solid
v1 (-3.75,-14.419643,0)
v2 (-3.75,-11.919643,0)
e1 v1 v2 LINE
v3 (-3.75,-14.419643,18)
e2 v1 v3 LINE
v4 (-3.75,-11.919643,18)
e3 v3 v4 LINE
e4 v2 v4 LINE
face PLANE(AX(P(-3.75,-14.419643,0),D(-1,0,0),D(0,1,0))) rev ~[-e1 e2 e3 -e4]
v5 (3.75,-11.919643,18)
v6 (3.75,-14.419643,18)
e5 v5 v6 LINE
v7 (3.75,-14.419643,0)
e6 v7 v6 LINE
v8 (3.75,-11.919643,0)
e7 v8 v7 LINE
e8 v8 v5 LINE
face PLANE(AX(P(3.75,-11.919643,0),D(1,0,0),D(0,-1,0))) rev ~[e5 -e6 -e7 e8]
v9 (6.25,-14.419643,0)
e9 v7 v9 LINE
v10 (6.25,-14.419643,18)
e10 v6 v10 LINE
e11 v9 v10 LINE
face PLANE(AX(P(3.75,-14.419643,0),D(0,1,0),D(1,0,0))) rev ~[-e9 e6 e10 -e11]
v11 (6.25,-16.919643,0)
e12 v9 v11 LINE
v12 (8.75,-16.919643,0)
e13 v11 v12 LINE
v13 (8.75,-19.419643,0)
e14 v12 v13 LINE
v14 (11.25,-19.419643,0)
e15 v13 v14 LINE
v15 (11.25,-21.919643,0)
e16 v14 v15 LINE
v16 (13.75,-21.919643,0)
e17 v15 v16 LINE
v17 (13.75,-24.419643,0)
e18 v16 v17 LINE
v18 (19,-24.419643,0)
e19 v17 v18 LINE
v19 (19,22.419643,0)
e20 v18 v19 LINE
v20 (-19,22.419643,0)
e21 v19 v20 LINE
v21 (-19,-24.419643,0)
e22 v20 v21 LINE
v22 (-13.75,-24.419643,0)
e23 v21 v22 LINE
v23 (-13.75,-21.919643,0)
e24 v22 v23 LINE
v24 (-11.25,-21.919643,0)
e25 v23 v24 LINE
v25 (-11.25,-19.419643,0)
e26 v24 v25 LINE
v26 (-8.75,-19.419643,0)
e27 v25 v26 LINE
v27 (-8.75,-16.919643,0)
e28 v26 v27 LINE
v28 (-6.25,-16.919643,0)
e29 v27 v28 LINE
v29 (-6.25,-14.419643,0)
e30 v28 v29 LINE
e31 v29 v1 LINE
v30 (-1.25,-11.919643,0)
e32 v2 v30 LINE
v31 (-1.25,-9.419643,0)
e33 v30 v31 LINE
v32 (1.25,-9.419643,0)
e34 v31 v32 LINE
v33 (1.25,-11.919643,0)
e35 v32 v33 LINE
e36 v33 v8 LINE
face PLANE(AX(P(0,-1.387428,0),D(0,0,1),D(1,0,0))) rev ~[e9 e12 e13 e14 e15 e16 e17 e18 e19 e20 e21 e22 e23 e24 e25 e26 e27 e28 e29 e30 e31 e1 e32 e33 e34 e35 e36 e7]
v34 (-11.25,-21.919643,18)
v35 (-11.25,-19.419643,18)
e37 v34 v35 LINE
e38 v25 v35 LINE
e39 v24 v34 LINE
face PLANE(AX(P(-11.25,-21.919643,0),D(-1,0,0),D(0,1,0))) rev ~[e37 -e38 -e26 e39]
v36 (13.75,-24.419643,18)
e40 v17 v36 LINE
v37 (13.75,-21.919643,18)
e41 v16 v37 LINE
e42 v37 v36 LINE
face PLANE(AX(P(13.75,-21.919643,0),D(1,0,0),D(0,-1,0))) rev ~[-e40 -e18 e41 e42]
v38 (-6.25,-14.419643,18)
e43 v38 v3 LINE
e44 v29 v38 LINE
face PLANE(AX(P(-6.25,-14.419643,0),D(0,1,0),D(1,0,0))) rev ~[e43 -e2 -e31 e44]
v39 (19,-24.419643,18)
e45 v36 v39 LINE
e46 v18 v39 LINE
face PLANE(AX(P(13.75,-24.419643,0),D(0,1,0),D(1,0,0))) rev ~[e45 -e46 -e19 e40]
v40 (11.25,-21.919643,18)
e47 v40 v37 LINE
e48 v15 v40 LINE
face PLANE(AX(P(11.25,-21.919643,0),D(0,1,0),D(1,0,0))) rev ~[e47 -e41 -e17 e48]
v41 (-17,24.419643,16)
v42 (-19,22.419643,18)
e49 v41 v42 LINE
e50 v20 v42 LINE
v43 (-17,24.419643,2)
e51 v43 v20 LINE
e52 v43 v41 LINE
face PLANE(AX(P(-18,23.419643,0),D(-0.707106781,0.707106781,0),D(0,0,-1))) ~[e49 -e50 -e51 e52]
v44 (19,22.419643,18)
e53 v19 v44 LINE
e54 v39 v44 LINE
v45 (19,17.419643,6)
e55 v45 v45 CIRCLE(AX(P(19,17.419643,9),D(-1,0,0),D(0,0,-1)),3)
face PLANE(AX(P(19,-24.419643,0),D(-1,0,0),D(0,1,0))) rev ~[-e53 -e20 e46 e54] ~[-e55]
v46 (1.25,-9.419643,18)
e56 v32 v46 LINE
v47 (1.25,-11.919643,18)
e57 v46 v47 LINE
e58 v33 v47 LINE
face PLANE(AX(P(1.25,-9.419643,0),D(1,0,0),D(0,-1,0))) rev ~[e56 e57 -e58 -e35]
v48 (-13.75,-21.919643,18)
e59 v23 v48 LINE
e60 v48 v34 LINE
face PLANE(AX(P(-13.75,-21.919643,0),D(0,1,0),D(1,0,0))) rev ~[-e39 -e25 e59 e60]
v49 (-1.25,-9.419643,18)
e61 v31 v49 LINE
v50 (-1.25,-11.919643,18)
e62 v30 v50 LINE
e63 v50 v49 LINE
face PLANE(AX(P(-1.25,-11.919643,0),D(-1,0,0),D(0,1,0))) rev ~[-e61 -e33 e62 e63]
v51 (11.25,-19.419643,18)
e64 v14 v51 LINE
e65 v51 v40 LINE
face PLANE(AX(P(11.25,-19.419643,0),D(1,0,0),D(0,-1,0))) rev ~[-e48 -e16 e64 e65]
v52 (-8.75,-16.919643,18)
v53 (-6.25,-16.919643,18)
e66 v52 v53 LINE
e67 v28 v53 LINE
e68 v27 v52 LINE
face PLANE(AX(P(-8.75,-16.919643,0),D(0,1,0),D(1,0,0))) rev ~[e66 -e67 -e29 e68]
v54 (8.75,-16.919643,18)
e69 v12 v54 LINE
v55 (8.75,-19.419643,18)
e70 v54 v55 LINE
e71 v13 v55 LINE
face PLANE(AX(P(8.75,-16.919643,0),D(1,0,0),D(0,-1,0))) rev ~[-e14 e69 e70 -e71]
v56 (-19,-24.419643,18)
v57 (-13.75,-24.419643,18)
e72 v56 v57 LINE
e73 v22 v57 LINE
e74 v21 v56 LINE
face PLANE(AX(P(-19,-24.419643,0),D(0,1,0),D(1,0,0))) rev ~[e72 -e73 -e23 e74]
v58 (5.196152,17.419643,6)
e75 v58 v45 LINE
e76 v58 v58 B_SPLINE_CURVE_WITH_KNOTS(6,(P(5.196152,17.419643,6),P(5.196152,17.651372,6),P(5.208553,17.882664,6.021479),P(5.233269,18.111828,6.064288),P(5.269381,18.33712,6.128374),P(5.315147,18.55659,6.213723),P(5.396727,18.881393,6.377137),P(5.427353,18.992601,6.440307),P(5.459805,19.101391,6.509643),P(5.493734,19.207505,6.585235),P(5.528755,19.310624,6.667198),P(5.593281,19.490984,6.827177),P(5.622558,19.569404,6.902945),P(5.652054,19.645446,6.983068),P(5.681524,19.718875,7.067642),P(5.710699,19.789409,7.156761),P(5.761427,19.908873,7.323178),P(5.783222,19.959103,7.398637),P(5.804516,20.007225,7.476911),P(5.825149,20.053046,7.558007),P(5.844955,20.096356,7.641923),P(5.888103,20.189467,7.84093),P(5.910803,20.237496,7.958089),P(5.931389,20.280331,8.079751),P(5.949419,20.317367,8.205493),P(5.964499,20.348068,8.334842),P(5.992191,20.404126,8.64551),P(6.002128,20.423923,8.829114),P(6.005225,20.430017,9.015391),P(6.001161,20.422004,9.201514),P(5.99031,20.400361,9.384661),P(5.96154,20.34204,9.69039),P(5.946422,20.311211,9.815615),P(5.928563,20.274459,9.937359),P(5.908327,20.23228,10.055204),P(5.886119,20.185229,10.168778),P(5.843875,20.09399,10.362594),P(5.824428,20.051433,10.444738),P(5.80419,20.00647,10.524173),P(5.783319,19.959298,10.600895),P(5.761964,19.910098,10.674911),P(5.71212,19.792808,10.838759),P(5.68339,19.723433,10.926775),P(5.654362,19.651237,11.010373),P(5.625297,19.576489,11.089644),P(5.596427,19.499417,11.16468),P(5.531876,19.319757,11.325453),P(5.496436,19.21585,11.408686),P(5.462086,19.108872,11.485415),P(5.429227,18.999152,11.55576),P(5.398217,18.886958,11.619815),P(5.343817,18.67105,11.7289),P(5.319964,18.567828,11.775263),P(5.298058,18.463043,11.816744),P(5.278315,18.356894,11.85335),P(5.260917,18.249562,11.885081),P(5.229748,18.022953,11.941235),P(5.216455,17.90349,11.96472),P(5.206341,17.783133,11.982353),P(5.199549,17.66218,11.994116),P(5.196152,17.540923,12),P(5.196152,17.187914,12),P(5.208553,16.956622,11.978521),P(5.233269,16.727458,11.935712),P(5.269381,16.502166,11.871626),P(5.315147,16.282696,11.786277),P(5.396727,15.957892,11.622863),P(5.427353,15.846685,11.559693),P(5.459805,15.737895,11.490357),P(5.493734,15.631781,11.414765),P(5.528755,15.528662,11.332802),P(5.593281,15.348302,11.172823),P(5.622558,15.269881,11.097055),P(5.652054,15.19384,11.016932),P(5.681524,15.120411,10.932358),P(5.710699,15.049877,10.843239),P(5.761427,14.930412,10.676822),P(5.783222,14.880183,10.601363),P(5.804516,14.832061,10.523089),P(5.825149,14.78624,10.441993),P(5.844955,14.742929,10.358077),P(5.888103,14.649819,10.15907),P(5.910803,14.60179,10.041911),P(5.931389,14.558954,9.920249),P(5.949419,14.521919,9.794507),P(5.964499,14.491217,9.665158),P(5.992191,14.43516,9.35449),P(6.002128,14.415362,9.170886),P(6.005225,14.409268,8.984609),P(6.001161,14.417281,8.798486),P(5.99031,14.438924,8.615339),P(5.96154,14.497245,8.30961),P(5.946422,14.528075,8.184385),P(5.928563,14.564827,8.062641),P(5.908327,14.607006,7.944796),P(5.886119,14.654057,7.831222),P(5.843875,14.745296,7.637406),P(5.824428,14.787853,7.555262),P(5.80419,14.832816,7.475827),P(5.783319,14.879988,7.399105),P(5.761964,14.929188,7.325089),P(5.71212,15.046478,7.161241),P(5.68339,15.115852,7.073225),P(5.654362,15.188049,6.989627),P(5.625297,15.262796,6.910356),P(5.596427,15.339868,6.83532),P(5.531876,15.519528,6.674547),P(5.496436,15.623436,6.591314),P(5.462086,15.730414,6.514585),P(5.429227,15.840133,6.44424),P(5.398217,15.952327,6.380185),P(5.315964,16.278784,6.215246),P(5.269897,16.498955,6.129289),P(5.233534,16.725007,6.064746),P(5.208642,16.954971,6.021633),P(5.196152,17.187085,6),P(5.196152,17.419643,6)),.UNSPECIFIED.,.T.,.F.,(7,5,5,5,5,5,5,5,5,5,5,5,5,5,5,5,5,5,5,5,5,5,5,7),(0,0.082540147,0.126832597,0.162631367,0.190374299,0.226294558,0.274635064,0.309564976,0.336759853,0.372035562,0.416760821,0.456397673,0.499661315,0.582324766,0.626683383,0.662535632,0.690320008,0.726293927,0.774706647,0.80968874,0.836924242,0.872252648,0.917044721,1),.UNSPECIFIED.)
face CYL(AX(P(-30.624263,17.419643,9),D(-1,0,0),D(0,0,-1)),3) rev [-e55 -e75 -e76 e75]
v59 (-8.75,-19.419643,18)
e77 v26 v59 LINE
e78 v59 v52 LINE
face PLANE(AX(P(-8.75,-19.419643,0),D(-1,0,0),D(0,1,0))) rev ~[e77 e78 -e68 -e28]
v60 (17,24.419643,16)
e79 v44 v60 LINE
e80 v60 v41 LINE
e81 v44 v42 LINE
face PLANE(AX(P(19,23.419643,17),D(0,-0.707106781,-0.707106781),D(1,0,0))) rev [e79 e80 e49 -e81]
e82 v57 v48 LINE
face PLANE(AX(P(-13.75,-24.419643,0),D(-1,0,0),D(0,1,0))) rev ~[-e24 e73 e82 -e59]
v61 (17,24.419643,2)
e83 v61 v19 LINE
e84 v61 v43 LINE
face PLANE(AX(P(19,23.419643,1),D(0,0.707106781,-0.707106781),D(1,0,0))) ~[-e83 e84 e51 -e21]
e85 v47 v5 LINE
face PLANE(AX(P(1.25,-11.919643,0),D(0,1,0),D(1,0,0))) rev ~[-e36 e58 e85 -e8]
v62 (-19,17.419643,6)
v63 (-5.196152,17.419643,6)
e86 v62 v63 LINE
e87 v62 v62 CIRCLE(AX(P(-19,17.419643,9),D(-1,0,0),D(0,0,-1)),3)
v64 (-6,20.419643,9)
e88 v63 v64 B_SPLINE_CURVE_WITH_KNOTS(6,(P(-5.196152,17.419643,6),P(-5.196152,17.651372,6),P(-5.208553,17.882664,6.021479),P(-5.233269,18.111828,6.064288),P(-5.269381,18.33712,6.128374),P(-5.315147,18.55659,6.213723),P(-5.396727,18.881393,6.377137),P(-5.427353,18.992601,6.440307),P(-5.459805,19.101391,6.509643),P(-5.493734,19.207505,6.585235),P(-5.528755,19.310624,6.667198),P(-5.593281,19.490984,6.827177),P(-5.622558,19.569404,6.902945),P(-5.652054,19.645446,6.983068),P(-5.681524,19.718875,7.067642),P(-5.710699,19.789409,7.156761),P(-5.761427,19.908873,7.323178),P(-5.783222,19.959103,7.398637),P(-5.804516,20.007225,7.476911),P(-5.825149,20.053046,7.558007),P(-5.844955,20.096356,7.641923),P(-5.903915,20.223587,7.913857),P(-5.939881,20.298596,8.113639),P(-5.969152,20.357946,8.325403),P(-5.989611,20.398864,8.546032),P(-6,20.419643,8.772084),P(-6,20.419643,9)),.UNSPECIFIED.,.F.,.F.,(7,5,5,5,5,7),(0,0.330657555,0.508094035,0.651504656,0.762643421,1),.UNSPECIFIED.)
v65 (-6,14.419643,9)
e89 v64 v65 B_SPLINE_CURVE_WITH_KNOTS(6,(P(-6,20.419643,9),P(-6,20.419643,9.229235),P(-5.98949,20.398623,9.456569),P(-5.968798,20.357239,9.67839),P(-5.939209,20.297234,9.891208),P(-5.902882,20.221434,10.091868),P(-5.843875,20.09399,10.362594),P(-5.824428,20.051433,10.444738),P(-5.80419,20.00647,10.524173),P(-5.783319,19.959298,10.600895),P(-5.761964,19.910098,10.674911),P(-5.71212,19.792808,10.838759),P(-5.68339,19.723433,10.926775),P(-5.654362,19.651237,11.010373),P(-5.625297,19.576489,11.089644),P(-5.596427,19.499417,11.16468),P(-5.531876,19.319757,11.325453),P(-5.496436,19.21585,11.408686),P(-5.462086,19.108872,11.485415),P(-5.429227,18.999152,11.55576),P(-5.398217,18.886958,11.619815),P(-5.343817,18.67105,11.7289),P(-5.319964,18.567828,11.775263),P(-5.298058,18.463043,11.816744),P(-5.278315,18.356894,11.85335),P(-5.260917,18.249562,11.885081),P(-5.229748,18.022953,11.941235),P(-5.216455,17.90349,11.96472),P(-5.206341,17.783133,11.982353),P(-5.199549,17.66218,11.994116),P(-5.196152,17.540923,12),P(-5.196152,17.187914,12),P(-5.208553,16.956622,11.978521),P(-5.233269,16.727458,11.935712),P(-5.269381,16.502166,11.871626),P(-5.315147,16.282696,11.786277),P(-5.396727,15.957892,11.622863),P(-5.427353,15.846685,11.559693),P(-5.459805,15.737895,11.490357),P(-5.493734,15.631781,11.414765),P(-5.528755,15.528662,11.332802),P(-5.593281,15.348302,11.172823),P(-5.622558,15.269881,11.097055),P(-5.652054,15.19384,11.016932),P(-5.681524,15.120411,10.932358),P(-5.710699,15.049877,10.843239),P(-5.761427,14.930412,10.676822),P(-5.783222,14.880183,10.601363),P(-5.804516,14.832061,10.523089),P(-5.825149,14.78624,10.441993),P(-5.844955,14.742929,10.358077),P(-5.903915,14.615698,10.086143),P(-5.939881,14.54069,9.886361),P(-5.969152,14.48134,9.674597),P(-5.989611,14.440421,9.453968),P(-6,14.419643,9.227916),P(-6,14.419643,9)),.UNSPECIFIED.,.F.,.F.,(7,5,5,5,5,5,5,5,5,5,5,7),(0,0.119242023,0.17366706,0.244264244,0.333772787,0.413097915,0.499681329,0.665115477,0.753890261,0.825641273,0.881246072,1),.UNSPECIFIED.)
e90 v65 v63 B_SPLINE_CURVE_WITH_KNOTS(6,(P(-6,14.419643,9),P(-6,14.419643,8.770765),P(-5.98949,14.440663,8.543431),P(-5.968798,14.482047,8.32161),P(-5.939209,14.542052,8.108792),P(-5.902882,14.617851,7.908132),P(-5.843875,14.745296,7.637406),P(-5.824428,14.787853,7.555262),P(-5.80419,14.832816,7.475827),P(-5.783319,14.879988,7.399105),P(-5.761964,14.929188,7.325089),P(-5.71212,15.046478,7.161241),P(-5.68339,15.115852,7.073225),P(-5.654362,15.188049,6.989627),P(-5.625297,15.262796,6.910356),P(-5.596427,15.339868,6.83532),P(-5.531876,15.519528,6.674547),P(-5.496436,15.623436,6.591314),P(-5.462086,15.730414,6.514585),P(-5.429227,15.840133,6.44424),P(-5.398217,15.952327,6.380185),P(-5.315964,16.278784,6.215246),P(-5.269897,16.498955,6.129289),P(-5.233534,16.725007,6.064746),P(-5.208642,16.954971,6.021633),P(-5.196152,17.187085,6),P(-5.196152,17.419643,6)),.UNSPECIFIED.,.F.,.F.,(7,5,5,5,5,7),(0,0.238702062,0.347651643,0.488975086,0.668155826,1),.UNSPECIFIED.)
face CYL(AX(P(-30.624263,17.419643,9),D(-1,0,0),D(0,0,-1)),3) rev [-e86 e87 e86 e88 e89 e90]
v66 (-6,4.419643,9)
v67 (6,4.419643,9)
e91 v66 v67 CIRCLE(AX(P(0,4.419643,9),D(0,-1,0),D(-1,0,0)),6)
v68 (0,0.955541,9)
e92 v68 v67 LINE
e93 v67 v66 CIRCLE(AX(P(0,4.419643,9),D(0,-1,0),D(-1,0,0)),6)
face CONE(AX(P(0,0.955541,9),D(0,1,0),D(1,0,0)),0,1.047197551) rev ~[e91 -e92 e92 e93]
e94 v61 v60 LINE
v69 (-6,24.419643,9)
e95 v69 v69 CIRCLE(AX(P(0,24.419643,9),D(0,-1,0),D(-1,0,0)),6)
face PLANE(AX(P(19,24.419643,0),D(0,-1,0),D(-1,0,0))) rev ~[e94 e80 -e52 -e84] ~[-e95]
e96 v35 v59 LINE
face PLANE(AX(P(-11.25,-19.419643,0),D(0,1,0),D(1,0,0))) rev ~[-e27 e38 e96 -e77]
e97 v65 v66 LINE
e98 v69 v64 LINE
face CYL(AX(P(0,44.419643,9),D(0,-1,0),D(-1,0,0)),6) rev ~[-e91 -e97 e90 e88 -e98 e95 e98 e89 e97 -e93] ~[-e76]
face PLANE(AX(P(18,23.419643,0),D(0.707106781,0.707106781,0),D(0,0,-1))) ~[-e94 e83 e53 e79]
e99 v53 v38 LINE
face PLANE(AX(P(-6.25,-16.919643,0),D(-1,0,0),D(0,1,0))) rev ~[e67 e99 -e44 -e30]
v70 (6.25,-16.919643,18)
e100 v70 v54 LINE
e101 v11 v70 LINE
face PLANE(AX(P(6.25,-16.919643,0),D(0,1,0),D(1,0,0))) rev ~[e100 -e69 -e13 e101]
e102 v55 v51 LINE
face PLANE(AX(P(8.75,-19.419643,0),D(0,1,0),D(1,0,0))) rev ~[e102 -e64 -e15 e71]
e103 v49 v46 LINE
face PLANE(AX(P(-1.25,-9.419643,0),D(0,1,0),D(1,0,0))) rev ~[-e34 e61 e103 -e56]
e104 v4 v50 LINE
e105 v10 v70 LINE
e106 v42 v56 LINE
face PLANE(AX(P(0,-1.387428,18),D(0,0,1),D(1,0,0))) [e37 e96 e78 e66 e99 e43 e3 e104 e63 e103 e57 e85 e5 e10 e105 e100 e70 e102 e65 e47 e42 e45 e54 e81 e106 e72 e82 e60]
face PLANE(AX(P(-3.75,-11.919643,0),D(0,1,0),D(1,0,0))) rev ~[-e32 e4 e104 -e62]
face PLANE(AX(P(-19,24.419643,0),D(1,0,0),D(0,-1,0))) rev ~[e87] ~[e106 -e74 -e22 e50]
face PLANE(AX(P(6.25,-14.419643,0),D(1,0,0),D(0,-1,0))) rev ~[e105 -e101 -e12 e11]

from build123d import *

# Parameters (mm, degrees)
BOSS_EXTRUDE1_DEPTH       = 18
CHAMFER1_SIZE             = 2
CUT_EXTRUDE1_DEPTH        = 49.624263051
CUT_EXTRUDE1_DEPTH_BACK   = 49.624263051
SKETCH3_R                 = 3
F_1_0MM_DOWEL_HOLE1_D     = 12
F_1_0MM_DOWEL_HOLE1_DEPTH = 20
F_1_0MM_DOWEL_HOLE1_TIP   = 3.464101615


with BuildPart() as part:
    # Sketch1 → Boss-Extrude1 (new body)
    with BuildSketch(Plane.XY):
        Polygon((-13.75, -24.419642857), (-13.75, -21.919642857), (-11.25, -21.919642857), (-11.25, -19.419642857), (-8.75, -19.419642857), (-8.75, -16.919642857), (-6.25, -16.919642857), (-6.25, -14.419642857), (-3.75, -14.419642857), (-3.75, -11.919642857), (-1.25, -11.919642857), (-1.25, -9.419642857), (1.25, -9.419642857), (1.25, -11.919642857), (3.75, -11.919642857), (3.75, -14.419642857), (6.25, -14.419642857), (6.25, -16.919642857), (8.75, -16.919642857), (8.75, -19.419642857), (11.25, -19.419642857), (11.25, -21.919642857), (13.75, -21.919642857), (13.75, -24.419642857), (19, -24.419642857), (19, 24.419642857), (-19, 24.419642857), (-19, -24.419642857), align=None)
    extrude(amount=BOSS_EXTRUDE1_DEPTH)

    # Chamfer1
    chamfer1_edges = [part.edges().sort_by_distance(p)[0] for p in [
        (0, 24.419642857, 0),
        (-19, 24.419642857, 9),
        (19, 24.419642857, 9),
        (0, 24.419642857, 18),
    ]]
    chamfer(chamfer1_edges, length=CHAMFER1_SIZE)

    # Sketch3 → Cut-Extrude1 (cut, two sides: drawn at the far end of the back side and taken through both)
    with BuildSketch(Plane(origin=(19, 0, 0), x_dir=(0, 0, -1), z_dir=(1, 0, 0)).offset(-CUT_EXTRUDE1_DEPTH_BACK)):
        with Locations((-9, 17.419642857)):
            Circle(SKETCH3_R)
    extrude(amount=CUT_EXTRUDE1_DEPTH + CUT_EXTRUDE1_DEPTH_BACK, mode=Mode.SUBTRACT)

    # Ø1.0mm Dowel Hole1
    with Locations(Plane(origin=(0, 24.419642857, 0), x_dir=(1, 0, 0), z_dir=(0, 1, 0))):
        with Locations((0, -9)):
            Hole(F_1_0MM_DOWEL_HOLE1_D / 2, depth=F_1_0MM_DOWEL_HOLE1_DEPTH)
            with Locations((0, 0, -(F_1_0MM_DOWEL_HOLE1_DEPTH + F_1_0MM_DOWEL_HOLE1_TIP / 2))):  # 120° drill point
                Cone(0, F_1_0MM_DOWEL_HOLE1_D / 2, F_1_0MM_DOWEL_HOLE1_TIP, mode=Mode.SUBTRACT)


solid = part.part
